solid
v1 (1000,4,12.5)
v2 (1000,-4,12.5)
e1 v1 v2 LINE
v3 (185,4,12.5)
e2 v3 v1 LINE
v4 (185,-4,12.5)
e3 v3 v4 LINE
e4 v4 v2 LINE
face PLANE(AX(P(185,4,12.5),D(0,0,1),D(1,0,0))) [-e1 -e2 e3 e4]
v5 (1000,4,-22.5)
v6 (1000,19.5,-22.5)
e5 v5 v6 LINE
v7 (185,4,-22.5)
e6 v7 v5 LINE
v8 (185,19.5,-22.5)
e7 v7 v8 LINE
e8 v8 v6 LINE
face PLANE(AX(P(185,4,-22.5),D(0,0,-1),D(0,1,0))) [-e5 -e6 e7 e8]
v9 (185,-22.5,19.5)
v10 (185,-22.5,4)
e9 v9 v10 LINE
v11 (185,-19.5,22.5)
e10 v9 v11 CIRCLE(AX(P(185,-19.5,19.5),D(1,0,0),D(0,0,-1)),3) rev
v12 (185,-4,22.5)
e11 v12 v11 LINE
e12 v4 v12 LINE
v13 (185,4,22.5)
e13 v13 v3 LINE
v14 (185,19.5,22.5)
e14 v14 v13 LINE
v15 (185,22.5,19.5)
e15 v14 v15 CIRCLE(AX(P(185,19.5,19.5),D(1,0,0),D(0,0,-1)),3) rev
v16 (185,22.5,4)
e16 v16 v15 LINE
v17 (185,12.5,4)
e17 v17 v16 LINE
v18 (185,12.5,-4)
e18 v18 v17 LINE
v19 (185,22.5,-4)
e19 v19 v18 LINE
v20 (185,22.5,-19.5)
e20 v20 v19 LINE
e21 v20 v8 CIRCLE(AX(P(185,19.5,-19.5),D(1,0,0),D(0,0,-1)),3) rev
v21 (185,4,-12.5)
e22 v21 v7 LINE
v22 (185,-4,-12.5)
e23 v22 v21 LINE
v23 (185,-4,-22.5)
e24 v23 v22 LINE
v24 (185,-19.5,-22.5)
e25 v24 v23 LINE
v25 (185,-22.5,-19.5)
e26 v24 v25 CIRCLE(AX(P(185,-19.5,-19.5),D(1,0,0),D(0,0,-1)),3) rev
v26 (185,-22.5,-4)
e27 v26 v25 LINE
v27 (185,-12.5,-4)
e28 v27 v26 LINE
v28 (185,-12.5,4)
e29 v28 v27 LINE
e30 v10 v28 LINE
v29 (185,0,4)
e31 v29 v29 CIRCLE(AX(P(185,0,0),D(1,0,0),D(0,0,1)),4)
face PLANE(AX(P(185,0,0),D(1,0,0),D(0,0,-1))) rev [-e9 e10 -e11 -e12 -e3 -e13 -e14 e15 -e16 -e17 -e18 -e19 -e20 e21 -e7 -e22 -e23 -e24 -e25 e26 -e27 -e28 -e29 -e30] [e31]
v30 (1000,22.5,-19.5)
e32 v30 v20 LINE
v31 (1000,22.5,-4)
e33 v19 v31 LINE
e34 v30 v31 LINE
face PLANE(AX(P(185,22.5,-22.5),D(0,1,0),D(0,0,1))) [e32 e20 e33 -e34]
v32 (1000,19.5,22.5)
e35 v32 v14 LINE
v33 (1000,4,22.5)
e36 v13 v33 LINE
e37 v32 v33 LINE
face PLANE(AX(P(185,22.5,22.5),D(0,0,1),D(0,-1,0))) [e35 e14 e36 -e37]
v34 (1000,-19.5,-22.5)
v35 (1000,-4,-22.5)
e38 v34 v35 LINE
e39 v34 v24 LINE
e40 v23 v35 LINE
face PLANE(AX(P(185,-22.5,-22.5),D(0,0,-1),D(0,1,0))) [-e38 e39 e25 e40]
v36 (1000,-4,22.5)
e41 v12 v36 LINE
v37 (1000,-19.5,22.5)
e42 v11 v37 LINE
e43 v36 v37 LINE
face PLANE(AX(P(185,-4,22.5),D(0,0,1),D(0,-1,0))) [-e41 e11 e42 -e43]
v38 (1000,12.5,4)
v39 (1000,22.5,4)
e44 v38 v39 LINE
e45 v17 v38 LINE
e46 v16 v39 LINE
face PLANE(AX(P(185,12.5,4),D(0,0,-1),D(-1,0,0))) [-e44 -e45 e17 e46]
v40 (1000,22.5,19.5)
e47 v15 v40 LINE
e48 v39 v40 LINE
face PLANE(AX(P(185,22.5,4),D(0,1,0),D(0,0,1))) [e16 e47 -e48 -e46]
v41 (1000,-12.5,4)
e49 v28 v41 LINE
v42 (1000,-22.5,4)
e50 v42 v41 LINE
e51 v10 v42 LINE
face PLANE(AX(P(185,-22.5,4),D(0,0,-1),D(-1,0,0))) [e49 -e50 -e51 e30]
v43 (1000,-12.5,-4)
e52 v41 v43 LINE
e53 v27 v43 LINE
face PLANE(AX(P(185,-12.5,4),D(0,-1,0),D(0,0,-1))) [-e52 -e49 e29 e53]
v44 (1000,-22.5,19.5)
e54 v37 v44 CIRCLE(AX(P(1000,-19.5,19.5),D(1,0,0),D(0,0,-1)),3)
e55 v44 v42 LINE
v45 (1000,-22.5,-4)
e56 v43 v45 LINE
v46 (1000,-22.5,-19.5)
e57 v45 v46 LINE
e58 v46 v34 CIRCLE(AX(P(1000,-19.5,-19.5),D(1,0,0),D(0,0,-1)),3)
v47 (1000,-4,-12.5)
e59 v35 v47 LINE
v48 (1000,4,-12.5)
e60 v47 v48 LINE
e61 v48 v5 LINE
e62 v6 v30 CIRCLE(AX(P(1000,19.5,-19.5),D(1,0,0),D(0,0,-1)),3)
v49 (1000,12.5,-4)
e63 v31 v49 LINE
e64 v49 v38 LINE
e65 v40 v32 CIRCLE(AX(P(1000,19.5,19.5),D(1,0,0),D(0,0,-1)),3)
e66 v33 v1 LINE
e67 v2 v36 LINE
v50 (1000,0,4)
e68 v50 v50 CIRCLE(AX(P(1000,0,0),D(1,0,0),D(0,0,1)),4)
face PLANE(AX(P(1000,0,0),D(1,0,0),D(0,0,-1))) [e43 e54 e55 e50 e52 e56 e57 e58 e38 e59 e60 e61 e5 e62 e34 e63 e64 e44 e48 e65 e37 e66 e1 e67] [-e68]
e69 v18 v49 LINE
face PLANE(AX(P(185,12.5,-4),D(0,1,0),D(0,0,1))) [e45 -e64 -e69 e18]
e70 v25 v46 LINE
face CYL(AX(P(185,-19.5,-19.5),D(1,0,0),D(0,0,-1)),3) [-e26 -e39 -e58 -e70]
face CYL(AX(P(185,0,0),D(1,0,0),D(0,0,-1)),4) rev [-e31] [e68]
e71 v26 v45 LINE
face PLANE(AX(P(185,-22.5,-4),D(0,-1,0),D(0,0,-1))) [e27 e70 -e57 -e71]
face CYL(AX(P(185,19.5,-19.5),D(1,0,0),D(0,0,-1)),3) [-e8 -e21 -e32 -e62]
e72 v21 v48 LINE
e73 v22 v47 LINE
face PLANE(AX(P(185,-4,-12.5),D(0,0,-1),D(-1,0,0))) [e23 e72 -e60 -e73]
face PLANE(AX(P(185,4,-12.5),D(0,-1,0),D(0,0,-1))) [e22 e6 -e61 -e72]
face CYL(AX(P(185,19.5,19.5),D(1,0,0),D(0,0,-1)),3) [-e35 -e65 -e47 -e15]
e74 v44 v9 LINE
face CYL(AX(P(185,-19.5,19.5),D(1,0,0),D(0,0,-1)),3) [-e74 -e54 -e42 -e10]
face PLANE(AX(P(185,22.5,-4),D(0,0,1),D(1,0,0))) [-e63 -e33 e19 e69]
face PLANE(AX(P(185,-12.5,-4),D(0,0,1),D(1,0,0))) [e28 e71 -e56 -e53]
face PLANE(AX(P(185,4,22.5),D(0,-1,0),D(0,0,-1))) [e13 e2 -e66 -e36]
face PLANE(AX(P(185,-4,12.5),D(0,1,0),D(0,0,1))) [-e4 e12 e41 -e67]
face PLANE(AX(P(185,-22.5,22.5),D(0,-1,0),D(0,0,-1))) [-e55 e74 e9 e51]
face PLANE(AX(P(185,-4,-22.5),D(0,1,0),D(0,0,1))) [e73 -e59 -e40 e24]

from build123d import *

# Parameters (mm, degrees)
ESQUISSE1_R        = 4
BOSS_EXTRU_1_DEPTH = 815
CONG_1_R           = 3


with BuildPart() as part:
    # Esquisse1 → Boss.-Extru.1 (new body)
    with BuildSketch(Plane(origin=(1000, 0, 0), x_dir=(0, 0, -1), z_dir=(1, 0, 0))):
        Polygon((22.5, -4), (12.5, -4), (12.5, 4), (22.5, 4), (22.5, 22.5), (4, 22.5), (4, 12.5), (-4, 12.5), (-4, 22.5), (-22.5, 22.5), (-22.5, 4), (-12.5, 4), (-12.5, -4), (-22.5, -4), (-22.5, -22.5), (-4, -22.5), (-4, -12.5), (4, -12.5), (4, -22.5), (22.5, -22.5), align=None)
        Circle(ESQUISSE1_R, mode=Mode.SUBTRACT)
    extrude(amount=-BOSS_EXTRU_1_DEPTH)

    # Congé1
    cong_1_edges = [part.edges().sort_by_distance(p)[0] for p in [
        (592.5, -22.5, -22.5),
        (592.5, -22.5, 22.5),
        (592.5, 22.5, 22.5),
        (592.5, 22.5, -22.5),
    ]]
    fillet(cong_1_edges, radius=CONG_1_R)


solid = part.part
